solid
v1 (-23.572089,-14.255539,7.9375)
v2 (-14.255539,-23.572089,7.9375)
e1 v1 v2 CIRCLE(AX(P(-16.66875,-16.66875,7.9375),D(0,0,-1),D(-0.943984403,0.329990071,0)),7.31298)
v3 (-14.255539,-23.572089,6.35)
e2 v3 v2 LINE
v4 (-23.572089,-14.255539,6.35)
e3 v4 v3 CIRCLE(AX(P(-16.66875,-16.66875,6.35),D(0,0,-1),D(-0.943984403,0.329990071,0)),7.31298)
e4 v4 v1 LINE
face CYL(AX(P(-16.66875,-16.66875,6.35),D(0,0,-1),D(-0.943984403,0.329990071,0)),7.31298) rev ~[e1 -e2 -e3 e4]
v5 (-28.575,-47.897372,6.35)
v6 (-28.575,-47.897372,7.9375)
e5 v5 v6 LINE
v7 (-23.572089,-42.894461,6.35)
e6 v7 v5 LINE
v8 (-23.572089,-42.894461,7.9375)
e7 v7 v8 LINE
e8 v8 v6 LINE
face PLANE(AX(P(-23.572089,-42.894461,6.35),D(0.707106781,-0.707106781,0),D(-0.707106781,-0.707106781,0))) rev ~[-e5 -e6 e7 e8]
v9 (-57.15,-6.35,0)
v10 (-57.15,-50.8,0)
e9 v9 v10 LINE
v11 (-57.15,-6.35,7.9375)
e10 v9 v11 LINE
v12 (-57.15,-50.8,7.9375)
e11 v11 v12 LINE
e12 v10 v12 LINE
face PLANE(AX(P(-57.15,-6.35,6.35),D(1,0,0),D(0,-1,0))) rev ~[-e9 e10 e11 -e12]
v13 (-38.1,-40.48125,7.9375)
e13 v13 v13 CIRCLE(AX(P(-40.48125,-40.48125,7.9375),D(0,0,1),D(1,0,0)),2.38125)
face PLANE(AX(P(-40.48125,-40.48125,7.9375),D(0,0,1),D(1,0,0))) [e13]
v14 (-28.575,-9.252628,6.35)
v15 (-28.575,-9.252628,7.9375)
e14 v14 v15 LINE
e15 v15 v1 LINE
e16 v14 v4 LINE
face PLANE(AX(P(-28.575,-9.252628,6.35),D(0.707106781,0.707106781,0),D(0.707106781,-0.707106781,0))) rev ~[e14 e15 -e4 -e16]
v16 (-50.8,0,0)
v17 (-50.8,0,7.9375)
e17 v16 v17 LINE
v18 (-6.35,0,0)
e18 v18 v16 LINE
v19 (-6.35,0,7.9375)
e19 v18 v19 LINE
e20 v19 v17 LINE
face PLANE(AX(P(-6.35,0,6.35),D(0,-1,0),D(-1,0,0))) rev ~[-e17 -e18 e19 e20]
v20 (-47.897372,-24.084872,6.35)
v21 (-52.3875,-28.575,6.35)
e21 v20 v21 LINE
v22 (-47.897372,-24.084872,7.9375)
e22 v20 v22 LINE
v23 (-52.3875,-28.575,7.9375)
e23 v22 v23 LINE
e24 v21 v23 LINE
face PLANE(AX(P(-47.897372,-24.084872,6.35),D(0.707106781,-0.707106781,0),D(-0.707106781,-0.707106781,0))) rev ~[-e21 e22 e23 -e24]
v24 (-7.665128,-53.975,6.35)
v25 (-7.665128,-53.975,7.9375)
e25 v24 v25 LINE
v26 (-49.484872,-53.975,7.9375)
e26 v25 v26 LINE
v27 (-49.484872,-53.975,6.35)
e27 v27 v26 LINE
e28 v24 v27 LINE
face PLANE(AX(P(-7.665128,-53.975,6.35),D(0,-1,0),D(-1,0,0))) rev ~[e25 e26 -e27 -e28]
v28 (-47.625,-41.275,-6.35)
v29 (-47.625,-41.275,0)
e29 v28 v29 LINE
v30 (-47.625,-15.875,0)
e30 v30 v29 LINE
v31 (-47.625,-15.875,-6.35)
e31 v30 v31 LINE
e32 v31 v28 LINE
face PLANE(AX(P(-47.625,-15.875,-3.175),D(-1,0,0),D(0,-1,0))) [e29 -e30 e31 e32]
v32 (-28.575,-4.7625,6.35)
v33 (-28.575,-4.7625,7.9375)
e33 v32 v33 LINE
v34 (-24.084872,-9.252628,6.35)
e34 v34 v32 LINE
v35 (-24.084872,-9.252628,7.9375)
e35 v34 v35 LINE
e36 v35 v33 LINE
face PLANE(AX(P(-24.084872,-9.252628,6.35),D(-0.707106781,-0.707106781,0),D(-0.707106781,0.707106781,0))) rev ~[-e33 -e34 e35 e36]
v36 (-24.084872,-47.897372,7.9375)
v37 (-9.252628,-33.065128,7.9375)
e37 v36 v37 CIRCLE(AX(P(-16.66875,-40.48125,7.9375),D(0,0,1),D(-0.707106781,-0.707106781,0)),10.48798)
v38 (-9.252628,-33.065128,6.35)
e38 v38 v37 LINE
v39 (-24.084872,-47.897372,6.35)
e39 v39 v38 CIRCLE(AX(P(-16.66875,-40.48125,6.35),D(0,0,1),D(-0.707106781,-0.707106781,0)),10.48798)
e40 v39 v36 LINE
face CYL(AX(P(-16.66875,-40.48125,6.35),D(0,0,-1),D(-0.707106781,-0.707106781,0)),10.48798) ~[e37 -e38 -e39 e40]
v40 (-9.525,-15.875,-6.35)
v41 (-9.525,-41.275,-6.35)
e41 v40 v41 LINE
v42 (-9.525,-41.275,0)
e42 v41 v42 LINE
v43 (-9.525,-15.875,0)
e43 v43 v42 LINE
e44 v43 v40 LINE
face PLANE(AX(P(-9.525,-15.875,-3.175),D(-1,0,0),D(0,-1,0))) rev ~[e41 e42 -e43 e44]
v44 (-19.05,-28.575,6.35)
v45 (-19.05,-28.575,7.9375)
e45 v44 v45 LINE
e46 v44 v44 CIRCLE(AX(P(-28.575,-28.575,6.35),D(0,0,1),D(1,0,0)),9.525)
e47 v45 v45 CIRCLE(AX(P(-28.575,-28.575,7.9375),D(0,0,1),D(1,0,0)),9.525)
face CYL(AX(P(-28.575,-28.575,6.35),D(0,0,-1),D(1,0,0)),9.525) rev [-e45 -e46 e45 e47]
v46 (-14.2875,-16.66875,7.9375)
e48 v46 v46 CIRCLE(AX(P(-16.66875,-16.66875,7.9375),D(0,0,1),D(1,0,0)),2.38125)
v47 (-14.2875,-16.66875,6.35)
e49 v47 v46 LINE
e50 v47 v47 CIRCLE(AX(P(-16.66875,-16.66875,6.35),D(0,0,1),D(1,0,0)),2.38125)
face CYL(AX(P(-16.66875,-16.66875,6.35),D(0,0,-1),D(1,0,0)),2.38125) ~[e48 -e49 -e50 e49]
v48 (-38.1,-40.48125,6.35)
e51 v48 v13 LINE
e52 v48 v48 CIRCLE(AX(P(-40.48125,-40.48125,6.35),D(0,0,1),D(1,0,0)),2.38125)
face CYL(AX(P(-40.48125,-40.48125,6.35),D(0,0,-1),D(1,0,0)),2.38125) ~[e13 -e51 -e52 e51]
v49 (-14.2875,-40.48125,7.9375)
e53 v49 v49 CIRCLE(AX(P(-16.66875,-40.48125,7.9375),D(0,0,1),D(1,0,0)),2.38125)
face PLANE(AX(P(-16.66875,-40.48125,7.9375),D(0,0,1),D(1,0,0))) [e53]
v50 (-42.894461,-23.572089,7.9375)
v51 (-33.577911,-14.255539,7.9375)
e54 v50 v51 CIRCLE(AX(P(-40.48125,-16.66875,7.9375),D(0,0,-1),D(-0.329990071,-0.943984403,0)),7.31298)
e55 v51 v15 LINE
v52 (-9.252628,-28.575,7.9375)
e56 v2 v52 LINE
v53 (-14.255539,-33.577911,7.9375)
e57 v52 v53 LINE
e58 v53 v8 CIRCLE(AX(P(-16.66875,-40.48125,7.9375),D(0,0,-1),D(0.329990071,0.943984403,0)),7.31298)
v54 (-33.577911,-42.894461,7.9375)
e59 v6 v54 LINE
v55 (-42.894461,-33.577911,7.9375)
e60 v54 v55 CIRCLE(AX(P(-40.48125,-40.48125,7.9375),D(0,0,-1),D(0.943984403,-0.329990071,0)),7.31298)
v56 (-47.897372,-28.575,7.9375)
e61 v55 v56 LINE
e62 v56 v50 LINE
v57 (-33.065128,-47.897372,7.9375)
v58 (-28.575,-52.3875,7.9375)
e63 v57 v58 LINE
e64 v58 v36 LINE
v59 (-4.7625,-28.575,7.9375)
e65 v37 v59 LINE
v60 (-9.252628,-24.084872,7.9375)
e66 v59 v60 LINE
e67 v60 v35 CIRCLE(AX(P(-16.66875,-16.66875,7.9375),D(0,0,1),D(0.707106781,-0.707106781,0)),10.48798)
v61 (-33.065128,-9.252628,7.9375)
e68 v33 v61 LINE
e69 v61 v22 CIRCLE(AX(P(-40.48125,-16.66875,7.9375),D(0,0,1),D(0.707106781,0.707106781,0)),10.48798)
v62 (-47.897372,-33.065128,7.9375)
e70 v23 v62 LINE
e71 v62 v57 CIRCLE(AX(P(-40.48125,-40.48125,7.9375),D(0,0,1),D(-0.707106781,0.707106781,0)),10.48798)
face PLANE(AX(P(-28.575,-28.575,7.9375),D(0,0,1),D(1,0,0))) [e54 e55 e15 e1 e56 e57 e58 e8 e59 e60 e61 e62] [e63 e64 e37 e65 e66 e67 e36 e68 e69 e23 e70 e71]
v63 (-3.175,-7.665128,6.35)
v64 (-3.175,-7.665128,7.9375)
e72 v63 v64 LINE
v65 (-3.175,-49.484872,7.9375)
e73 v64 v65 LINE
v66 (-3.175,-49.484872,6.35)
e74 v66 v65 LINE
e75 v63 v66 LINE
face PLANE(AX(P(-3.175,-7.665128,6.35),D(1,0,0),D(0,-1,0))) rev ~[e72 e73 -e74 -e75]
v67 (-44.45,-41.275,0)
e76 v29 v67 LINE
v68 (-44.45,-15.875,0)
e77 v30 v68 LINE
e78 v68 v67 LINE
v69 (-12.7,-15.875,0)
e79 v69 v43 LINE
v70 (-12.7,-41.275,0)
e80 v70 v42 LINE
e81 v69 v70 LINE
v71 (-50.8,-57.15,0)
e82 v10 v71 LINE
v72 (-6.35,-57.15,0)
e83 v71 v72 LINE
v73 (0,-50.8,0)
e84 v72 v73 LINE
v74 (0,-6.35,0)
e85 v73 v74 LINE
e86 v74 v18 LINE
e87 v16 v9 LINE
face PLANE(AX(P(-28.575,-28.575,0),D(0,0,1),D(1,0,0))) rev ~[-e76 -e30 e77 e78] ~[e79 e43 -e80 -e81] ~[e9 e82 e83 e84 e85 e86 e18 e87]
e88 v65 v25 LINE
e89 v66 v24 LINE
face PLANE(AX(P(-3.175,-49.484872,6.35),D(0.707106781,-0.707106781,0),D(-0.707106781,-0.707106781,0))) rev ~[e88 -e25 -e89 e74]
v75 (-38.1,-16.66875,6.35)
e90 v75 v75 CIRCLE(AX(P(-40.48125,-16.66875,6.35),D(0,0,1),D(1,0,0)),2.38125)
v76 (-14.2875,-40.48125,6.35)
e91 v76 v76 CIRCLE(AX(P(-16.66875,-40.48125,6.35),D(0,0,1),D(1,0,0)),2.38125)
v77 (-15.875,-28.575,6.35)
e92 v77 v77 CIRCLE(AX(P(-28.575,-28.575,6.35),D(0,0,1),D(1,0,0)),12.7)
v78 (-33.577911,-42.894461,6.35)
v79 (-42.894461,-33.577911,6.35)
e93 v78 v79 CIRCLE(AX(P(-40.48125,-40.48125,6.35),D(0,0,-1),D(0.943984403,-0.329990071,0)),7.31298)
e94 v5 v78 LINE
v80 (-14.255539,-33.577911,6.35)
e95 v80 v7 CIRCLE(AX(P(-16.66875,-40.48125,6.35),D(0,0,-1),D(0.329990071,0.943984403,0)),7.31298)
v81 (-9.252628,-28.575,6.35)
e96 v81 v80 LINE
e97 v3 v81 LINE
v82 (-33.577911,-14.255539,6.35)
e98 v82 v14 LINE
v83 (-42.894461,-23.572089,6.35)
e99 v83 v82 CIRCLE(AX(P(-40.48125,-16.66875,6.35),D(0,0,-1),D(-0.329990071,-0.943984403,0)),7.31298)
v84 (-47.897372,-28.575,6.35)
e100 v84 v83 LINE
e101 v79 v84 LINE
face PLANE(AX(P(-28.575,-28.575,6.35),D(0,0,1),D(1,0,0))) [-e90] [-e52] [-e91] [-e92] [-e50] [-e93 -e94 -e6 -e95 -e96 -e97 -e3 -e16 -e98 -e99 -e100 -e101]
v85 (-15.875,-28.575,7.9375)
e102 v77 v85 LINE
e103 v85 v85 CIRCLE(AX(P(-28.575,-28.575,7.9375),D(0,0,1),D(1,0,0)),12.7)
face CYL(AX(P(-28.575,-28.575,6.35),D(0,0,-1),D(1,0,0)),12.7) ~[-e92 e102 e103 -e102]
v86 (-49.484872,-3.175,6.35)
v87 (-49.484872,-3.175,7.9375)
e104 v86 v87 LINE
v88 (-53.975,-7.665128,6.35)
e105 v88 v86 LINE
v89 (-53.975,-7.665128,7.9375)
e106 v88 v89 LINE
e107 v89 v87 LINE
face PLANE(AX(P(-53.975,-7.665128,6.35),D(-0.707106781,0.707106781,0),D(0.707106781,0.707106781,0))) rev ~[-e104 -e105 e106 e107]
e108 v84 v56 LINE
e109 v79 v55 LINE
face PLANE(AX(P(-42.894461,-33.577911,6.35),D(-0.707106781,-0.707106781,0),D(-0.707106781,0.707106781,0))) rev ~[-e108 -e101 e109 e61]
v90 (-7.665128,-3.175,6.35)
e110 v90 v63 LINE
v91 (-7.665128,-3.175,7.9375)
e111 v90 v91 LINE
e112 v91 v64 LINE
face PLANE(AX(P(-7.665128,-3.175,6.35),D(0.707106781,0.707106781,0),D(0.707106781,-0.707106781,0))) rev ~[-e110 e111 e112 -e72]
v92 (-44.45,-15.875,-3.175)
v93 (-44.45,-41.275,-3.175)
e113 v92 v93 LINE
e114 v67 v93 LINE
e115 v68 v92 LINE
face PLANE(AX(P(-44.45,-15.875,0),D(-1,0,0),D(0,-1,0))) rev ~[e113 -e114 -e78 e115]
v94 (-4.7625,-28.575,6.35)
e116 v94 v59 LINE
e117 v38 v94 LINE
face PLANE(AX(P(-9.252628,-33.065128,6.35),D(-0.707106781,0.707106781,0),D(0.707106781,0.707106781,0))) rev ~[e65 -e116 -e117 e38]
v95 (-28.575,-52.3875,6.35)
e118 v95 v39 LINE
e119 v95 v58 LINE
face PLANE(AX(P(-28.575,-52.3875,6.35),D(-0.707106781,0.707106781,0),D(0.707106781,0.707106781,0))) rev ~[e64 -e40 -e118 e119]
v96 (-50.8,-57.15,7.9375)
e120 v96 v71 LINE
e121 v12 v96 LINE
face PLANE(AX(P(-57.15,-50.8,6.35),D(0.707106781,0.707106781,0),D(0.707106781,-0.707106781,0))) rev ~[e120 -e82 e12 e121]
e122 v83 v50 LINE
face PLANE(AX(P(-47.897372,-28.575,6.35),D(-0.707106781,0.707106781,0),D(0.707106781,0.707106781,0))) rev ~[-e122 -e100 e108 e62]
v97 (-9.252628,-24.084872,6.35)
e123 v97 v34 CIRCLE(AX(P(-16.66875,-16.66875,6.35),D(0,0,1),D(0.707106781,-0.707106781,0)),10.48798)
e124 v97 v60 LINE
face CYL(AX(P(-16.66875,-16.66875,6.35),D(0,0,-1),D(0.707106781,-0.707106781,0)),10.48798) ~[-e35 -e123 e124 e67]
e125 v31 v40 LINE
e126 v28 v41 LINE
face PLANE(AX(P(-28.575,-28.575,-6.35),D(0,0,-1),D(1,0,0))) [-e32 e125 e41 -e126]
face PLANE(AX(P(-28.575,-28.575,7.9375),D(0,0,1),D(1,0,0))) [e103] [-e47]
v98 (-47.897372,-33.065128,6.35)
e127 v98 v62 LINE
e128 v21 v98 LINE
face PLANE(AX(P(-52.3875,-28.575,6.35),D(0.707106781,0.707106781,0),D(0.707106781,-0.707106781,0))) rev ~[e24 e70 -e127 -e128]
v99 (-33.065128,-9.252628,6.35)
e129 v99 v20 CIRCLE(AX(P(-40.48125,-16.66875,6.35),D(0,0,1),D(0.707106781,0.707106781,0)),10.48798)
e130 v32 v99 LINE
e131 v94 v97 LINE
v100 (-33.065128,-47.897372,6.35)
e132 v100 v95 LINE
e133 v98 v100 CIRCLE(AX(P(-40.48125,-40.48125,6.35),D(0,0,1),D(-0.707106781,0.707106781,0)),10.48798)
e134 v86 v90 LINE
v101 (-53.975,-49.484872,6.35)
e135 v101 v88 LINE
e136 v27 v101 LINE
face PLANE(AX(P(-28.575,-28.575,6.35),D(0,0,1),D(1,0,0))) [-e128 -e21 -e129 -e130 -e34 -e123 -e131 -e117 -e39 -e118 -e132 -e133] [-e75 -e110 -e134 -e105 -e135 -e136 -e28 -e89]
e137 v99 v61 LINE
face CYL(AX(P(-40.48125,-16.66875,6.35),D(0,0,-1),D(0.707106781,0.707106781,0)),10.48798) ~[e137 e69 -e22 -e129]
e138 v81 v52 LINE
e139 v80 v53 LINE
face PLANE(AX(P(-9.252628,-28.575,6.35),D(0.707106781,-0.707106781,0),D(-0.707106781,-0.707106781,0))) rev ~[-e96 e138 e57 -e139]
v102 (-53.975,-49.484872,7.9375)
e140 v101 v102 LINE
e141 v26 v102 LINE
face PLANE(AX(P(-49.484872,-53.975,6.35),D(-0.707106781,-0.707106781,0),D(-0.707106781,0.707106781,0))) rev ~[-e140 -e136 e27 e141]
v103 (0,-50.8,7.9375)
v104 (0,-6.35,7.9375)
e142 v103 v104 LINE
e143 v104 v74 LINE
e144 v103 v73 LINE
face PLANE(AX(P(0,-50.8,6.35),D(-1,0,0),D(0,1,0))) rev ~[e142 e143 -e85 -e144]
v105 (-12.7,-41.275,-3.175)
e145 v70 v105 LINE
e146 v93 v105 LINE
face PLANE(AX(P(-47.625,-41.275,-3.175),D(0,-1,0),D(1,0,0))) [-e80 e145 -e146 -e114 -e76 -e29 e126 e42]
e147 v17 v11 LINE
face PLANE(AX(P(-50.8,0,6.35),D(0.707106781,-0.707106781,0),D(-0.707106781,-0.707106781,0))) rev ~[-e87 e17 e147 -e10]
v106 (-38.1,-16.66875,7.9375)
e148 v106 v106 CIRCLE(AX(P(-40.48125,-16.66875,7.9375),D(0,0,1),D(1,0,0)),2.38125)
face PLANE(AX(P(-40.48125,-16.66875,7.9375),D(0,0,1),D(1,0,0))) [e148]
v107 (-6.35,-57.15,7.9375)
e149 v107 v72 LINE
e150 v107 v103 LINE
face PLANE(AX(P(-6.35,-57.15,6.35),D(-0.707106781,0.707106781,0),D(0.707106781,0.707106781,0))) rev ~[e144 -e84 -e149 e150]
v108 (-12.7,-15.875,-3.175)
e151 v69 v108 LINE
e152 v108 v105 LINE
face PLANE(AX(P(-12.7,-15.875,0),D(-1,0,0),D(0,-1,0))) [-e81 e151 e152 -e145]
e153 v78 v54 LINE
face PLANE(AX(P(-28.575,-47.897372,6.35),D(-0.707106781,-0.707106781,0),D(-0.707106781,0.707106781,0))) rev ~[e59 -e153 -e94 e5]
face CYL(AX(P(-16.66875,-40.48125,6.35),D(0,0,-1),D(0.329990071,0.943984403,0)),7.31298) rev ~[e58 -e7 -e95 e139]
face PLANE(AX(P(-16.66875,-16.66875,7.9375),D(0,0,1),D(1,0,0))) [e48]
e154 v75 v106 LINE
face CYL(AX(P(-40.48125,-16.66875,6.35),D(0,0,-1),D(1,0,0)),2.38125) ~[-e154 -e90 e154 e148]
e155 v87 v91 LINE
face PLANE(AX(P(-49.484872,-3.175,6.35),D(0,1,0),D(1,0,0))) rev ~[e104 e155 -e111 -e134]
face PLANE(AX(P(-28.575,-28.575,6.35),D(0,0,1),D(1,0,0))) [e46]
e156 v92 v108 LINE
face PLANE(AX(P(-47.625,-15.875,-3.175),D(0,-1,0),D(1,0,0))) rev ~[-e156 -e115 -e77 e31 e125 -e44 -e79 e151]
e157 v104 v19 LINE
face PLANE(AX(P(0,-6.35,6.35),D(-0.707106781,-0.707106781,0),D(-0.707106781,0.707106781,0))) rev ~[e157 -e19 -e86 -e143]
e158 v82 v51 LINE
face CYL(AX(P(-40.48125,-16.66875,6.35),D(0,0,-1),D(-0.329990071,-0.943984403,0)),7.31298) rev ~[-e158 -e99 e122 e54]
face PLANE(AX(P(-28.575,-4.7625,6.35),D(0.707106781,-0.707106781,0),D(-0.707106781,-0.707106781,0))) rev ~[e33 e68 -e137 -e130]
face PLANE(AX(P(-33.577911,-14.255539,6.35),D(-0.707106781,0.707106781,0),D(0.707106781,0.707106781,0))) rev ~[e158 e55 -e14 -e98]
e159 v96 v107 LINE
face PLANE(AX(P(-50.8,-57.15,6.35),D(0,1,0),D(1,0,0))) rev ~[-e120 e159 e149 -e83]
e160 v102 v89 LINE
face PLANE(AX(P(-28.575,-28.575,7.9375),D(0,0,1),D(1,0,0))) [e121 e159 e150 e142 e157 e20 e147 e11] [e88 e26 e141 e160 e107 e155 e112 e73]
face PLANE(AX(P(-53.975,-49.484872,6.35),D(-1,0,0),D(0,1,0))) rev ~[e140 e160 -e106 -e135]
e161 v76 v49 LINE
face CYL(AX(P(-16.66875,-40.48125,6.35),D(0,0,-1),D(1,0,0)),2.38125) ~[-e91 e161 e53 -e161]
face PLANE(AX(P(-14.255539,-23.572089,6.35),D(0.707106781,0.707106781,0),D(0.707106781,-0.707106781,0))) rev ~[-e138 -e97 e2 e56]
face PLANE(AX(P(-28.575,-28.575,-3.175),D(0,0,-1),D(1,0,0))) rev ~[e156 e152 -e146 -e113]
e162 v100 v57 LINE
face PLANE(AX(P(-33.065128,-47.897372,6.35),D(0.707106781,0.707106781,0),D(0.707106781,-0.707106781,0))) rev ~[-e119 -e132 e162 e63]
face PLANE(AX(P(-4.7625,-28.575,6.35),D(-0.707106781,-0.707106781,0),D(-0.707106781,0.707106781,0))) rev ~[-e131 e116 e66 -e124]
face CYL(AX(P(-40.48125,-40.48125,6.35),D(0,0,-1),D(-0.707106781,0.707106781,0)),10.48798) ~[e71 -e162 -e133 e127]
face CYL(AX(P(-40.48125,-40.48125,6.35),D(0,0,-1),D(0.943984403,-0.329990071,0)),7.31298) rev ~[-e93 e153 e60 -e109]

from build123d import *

# Parameters (mm, degrees)
F1_DEPTH = 6.35
F2_R     = 12.7
F2_R_2   = 9.525
F2_R_3   = 2.38125
F3_DEPTH = 1.5875
F4_W     = 3.175
F4_H     = 25.4
F5_DEPTH = 3.175
F6_W     = 38.1
F6_H     = 25.4
F7_DEPTH = 3.175


with BuildPart() as f1:
    # F0 (on Top) → F1 (new body)
    with BuildSketch(Plane.XY):
        Polygon((-6.35, 0), (-50.8, 0), (-57.15, -6.35), (-57.15, -50.8), (-50.8, -57.15), (-6.35, -57.15), (0, -50.8), (0, -6.35), align=None)
    extrude(amount=F1_DEPTH)

    # F2 (on face) → F3 (join)
    with BuildSketch(Plane.XY.offset(6.35)):
        Polygon((0, -6.35), (-6.35, 0), (-50.8, 0), (-57.15, -6.35), (-57.15, -50.8), (-50.8, -57.15), (-6.35, -57.15), (0, -50.8), align=None)
        Polygon((-3.175, -7.665128), (-3.175, -49.484872), (-7.665128, -53.975), (-49.484872, -53.975), (-53.975, -49.484872), (-53.975, -7.665128), (-49.484872, -3.175), (-7.665128, -3.175), align=None, mode=Mode.SUBTRACT)
        with BuildLine():
            Line((-28.575, -52.3875), (-24.084872, -47.897372))
            ThreePointArc((-24.084872, -47.897372), (-9.252628, -47.897372), (-9.252628, -33.065128))
            Line((-9.252628, -33.065128), (-4.7625, -28.575))
            Line((-4.7625, -28.575), (-9.252628, -24.084872))
            ThreePointArc((-9.252628, -24.084872), (-9.252628, -9.252628), (-24.084872, -9.252628))
            Line((-24.084872, -9.252628), (-28.575, -4.7625))
            Line((-28.575, -4.7625), (-33.065128, -9.252628))
            ThreePointArc((-33.065128, -9.252628), (-47.897372, -9.252628), (-47.897372, -24.084872))
            Line((-47.897372, -24.084872), (-52.3875, -28.575))
            Line((-52.3875, -28.575), (-47.897372, -33.065128))
            ThreePointArc((-47.897372, -33.065128), (-47.897372, -47.897372), (-33.065128, -47.897372))
            Line((-33.065128, -47.897372), (-28.575, -52.3875))
        make_face()
        with BuildLine():
            ThreePointArc((-23.572089, -14.255539), (-11.497692, -11.497692), (-14.255539, -23.572089))
            Line((-14.255539, -23.572089), (-9.252628, -28.575))
            Line((-9.252628, -28.575), (-14.255539, -33.577911))
            ThreePointArc((-14.255539, -33.577911), (-11.497692, -45.652308), (-23.572089, -42.894461))
            Line((-23.572089, -42.894461), (-28.575, -47.897372))
            Line((-28.575, -47.897372), (-33.577911, -42.894461))
            ThreePointArc((-33.577911, -42.894461), (-45.652308, -45.652308), (-42.894461, -33.577911))
            Line((-42.894461, -33.577911), (-47.897372, -28.575))
            Line((-47.897372, -28.575), (-42.894461, -23.572089))
            ThreePointArc((-42.894461, -23.572089), (-45.652308, -11.497692), (-33.577911, -14.255539))
            Line((-33.577911, -14.255539), (-28.575, -9.252628))
            Line((-28.575, -9.252628), (-23.572089, -14.255539))
        make_face(mode=Mode.SUBTRACT)
        with Locations((-28.575, -28.575)):
            Circle(F2_R)
        with Locations((-28.575, -28.575)):
            Circle(F2_R_2, mode=Mode.SUBTRACT)
        with Locations((-40.48125, -40.48125)):
            Circle(F2_R_3)
        with Locations((-16.66875, -40.48125)):
            Circle(F2_R_3)
        with Locations((-16.66875, -16.66875)):
            Circle(F2_R_3)
        with Locations((-40.48125, -16.66875)):
            Circle(F2_R_3)
    extrude(amount=F3_DEPTH)

    # F4 (on face) → F5 (join)
    with BuildSketch(Plane(origin=(0, 0, 0), x_dir=(1, 0, 0), z_dir=(0, 0, -1))):
        with Locations((-46.0375, 28.575)):
            Rectangle(F4_W, F4_H)
        with Locations((-11.1125, 28.575)):
            Rectangle(F4_W, F4_H)
    extrude(amount=F5_DEPTH)

    # F6 (on face) → F7 (join)
    with BuildSketch(Plane(origin=(0, 0, -3.175), x_dir=(1, 0, 0), z_dir=(0, 0, -1))):
        with Locations((-28.575, 28.575)):
            Rectangle(F6_W, F6_H)
    extrude(amount=F7_DEPTH)


solid = f1.part
